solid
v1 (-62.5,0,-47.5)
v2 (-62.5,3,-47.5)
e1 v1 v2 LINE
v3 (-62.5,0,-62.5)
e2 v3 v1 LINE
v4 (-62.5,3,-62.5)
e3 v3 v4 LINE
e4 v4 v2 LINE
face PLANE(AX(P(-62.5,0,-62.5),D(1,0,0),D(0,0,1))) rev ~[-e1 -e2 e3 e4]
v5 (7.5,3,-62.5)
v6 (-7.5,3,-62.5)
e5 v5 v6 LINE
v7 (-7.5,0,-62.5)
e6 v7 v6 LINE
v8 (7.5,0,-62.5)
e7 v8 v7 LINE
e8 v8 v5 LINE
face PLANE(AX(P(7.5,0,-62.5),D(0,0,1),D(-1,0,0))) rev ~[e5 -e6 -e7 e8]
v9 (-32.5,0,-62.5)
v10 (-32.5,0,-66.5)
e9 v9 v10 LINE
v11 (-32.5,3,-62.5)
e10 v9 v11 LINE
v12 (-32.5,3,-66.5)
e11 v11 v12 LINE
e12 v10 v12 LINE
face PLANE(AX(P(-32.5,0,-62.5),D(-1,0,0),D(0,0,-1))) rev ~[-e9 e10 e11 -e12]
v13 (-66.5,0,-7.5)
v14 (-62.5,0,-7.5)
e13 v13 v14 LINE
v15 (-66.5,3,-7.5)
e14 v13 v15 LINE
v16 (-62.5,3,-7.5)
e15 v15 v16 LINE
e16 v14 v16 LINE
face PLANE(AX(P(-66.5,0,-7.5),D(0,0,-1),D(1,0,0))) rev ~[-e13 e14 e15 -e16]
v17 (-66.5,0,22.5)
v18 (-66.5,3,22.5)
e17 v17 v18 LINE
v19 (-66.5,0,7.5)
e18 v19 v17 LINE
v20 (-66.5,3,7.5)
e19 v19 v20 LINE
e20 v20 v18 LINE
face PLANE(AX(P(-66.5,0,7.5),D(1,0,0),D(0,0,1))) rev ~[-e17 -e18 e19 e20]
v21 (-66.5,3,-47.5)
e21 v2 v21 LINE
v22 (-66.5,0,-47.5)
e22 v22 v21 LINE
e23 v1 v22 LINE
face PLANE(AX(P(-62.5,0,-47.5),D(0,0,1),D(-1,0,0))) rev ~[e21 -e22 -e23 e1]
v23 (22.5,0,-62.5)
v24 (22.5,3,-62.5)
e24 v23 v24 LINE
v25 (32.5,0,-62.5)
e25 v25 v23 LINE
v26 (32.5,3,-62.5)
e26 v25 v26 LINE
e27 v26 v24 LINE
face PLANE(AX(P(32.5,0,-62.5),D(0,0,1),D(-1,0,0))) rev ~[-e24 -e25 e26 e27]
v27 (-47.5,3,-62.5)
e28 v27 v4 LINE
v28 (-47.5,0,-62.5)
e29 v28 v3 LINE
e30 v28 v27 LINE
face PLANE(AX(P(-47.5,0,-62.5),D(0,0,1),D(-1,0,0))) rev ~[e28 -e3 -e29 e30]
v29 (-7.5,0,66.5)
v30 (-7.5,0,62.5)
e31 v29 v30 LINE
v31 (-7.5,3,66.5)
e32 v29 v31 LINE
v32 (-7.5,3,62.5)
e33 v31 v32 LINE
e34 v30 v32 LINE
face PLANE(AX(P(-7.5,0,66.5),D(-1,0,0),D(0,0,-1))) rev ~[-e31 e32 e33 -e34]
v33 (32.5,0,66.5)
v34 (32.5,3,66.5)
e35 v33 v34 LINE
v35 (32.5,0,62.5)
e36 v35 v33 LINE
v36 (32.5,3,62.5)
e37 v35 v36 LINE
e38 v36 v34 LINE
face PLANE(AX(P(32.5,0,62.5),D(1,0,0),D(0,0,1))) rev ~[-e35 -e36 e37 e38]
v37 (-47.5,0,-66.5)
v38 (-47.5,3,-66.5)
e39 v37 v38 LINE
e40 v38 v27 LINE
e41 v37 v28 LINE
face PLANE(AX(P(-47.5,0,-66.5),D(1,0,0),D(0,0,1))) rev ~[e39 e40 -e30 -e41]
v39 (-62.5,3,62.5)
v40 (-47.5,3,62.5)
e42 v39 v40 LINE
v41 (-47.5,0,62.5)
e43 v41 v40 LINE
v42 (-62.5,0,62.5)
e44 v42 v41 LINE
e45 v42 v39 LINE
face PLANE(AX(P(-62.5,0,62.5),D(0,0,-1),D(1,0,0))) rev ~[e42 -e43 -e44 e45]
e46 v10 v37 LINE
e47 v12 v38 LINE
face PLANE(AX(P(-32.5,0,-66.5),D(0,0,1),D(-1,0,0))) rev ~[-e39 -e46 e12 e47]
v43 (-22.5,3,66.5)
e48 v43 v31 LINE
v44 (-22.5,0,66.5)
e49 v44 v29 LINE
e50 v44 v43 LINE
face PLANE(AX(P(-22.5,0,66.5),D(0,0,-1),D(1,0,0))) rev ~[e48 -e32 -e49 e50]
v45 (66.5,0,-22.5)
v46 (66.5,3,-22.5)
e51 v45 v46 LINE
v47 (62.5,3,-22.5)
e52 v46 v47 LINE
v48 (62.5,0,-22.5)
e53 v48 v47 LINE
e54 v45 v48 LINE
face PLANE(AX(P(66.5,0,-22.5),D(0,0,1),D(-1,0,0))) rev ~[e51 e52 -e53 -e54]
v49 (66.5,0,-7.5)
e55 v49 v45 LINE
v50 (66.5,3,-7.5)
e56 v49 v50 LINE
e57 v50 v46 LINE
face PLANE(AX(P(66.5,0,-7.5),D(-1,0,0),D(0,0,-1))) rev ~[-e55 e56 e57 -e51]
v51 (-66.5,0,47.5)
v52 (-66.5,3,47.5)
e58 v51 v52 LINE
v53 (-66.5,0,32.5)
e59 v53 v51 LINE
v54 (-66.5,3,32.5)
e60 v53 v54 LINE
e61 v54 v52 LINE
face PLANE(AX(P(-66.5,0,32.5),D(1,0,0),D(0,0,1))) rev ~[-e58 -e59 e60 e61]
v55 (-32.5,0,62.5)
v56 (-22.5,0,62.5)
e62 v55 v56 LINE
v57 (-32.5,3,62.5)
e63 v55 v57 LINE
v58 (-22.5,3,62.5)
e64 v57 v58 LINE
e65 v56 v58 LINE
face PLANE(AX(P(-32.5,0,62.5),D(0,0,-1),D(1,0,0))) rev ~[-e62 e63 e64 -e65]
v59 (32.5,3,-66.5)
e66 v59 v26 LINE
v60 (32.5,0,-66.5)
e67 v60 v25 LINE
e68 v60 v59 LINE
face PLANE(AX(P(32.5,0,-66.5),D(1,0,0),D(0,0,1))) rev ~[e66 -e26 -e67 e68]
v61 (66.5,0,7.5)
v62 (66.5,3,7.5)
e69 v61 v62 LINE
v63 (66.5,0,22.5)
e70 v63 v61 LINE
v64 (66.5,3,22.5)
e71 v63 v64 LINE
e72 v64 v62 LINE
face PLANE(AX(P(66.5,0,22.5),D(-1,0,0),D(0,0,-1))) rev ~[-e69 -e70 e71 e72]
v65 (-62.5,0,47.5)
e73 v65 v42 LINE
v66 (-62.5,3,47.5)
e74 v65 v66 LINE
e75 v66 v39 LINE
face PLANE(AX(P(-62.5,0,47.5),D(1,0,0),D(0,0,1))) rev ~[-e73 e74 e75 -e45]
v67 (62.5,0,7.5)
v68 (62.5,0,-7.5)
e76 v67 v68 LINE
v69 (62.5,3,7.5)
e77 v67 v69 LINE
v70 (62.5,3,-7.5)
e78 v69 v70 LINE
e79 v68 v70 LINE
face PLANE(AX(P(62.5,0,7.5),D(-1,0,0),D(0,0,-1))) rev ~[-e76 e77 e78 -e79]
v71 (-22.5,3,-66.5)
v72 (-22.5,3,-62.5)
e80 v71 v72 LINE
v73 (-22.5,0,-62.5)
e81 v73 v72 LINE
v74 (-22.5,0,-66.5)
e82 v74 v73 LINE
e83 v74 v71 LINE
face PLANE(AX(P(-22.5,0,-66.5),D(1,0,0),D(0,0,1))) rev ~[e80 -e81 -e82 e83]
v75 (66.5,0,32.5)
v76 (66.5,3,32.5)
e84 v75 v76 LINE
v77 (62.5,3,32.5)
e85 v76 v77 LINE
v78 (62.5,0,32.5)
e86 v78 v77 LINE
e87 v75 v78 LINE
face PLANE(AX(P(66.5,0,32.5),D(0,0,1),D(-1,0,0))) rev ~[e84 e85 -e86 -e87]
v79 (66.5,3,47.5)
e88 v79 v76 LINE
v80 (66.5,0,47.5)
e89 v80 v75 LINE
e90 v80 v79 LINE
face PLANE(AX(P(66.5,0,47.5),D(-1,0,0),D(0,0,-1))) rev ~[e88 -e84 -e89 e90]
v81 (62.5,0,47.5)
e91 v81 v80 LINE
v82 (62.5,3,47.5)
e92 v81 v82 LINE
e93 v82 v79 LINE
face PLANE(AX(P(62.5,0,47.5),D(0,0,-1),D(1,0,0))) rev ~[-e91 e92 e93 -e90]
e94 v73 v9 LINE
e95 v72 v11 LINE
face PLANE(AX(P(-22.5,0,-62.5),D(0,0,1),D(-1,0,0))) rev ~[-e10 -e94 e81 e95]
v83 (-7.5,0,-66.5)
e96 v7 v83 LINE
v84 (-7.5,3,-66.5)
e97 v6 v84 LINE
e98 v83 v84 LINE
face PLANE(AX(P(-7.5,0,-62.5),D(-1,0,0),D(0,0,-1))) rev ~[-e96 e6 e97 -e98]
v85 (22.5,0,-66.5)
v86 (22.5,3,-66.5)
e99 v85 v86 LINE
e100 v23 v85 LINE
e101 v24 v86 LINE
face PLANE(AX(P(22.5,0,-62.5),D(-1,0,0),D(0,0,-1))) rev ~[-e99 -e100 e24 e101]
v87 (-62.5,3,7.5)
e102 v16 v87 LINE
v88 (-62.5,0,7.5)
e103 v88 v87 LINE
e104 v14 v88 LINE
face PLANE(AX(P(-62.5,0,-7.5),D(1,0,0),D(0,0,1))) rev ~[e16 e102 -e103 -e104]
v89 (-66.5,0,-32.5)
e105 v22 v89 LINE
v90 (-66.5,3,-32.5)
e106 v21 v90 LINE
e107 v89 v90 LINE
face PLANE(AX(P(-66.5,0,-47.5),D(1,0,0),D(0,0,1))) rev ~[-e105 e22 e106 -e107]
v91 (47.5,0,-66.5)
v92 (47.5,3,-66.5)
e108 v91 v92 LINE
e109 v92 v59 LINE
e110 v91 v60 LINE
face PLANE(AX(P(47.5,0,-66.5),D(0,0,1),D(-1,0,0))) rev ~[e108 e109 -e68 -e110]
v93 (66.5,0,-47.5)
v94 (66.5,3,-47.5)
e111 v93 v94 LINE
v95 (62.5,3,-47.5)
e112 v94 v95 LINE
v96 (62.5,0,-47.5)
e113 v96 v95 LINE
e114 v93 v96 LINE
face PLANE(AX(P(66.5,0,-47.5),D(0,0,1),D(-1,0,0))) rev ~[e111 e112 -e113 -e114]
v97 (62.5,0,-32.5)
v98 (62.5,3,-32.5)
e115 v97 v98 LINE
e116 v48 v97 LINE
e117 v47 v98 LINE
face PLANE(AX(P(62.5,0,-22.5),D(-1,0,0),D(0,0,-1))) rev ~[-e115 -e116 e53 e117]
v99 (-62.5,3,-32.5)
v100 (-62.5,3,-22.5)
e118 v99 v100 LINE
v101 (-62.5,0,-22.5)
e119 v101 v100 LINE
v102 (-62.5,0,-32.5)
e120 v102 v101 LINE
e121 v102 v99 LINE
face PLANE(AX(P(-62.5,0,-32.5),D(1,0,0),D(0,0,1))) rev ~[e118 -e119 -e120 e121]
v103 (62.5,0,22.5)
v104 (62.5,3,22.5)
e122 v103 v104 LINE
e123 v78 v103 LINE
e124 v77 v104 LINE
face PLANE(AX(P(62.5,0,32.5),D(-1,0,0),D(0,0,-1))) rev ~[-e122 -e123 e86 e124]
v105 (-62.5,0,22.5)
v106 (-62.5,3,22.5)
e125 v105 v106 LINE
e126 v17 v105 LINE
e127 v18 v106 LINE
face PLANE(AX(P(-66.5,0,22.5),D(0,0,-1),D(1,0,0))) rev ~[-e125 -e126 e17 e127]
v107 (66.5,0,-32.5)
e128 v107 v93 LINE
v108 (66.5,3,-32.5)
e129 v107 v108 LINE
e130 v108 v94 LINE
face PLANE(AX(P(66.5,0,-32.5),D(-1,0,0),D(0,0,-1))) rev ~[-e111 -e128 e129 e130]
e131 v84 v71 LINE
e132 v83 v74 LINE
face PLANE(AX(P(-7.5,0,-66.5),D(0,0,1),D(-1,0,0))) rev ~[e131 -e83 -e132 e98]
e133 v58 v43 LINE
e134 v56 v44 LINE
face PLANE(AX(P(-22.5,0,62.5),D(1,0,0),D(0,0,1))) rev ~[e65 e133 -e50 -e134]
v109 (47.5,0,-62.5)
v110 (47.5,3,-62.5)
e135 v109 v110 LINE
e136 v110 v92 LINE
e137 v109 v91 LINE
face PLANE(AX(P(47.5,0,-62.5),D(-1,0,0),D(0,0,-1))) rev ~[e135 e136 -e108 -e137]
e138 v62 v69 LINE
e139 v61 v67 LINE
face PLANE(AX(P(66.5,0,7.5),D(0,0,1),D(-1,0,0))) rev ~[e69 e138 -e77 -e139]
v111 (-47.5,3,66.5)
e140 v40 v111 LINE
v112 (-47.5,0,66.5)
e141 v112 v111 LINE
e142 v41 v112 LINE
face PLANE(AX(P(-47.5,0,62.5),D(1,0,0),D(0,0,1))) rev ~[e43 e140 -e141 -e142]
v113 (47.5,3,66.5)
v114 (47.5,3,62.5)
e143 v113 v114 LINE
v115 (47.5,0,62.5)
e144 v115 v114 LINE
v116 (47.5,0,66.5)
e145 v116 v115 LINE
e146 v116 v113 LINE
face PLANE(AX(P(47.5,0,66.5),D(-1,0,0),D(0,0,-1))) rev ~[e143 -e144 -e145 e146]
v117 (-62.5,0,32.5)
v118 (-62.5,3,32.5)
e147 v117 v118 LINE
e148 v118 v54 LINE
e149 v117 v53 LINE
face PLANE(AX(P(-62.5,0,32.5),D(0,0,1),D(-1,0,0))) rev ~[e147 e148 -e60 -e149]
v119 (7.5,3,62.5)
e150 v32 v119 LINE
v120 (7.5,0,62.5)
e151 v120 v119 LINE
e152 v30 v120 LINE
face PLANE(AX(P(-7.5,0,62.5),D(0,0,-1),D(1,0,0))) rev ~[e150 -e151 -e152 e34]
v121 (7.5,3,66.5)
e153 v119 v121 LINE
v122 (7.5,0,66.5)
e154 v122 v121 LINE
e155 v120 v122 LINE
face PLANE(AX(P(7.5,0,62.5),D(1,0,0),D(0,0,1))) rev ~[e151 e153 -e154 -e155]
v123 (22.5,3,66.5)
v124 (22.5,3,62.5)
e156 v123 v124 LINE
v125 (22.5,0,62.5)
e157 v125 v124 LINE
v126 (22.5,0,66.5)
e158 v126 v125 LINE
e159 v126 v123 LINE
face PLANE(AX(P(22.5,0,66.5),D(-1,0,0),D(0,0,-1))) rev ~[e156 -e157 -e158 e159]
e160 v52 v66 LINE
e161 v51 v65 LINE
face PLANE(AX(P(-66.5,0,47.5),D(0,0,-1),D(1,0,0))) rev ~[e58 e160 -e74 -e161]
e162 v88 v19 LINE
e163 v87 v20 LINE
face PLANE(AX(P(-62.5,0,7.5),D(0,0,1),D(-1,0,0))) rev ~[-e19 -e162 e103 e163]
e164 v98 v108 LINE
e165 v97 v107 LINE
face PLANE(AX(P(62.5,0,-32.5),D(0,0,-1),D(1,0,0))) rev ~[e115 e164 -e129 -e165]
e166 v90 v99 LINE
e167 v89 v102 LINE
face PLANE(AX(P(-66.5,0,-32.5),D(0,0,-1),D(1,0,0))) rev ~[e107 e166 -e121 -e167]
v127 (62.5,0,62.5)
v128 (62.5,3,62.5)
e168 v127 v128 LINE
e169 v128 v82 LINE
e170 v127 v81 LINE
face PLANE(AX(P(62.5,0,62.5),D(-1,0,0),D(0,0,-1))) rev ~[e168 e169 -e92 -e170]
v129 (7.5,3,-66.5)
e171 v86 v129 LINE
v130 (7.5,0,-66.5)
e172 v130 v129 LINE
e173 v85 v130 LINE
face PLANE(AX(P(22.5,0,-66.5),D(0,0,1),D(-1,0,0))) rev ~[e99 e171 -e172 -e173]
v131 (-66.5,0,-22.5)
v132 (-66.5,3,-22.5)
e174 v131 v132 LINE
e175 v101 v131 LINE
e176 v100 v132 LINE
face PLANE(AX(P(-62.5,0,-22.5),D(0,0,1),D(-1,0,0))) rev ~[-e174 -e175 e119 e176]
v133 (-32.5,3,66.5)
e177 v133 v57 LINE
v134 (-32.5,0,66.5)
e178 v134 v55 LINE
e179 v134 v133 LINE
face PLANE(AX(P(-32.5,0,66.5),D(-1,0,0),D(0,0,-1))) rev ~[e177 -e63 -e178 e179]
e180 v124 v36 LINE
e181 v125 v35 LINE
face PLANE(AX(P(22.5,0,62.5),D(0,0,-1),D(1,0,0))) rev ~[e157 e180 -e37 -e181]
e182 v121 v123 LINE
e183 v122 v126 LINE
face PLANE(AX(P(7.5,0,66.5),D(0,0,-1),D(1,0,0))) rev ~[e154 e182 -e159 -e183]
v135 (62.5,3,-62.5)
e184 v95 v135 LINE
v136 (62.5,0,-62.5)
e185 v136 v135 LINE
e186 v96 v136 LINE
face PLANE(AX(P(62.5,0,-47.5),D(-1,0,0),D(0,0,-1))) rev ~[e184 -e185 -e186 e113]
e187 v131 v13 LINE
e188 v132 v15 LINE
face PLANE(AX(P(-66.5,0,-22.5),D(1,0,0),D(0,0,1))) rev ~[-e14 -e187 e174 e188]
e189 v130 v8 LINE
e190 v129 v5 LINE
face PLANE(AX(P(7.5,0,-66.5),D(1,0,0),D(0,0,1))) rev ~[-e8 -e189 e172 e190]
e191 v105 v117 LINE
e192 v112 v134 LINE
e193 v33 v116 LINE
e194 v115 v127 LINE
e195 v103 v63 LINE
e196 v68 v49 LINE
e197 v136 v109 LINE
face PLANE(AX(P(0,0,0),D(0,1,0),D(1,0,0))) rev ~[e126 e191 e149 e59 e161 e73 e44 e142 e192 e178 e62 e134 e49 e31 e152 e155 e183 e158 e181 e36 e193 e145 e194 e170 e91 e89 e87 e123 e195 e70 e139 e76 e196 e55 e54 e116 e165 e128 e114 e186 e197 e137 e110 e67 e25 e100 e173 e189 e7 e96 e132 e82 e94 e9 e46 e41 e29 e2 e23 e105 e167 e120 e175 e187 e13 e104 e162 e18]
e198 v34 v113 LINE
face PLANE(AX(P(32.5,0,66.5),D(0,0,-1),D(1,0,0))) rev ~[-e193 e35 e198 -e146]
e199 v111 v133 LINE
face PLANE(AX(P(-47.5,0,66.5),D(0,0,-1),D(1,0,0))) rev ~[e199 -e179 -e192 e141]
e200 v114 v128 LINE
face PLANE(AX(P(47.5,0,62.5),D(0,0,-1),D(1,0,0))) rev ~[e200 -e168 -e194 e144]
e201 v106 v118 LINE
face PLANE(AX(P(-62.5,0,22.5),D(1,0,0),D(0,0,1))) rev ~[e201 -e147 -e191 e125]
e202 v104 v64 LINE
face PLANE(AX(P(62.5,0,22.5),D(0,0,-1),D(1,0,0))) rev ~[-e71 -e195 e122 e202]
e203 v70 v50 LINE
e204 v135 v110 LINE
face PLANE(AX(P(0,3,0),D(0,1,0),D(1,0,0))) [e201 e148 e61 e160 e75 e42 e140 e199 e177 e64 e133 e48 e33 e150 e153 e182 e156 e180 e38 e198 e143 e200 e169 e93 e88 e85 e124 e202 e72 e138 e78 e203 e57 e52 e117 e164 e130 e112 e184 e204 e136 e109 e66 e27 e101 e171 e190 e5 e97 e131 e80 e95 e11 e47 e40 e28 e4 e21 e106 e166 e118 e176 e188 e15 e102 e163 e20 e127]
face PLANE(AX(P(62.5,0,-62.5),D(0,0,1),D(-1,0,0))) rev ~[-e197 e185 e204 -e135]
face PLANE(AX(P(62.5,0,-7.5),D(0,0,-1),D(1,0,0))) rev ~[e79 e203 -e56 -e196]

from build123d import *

# Parameters (mm, degrees)
BOSS_EXTRUDE1_DEPTH = 3


with BuildPart() as part:
    # Sketch1 → Boss-Extrude1 (new body)
    with BuildSketch(Plane(origin=(0, 0, 0), x_dir=(1, 0, 0), z_dir=(0, 1, 0))):
        Polygon((7.5, -62.5), (7.5, -66.5), (22.5, -66.5), (22.5, -62.5), (32.5, -62.5), (32.5, -66.5), (47.5, -66.5), (47.5, -62.5), (57.5, -62.5), (62.5, -62.5), (62.5, -59), (62.5, -47.5), (66.5, -47.5), (66.5, -32.5), (62.5, -32.5), (62.5, -22.5), (66.5, -22.5), (66.5, -7.5), (62.5, -7.5), (62.5, 7.5), (66.5, 7.5), (66.5, 22.5), (62.5, 22.5), (62.5, 32.5), (66.5, 32.5), (66.5, 47.5), (62.5, 47.5), (62.5, 59), (62.5, 62.5), (57.5, 62.5), (47.5, 62.5), (47.5, 66.5), (32.5, 66.5), (32.5, 62.5), (22.5, 62.5), (22.5, 66.5), (7.5, 66.5), (7.5, 62.5), (-7.5, 62.5), (-7.5, 66.5), (-22.5, 66.5), (-22.5, 62.5), (-32.5, 62.5), (-32.5, 66.5), (-47.5, 66.5), (-47.5, 62.5), (-59, 62.5), (-62.5, 62.5), (-62.5, 59), (-62.5, 47.5), (-66.5, 47.5), (-66.5, 32.5), (-62.5, 32.5), (-62.5, 22.5), (-66.5, 22.5), (-66.5, 7.5), (-62.5, 7.5), (-62.5, -7.5), (-66.5, -7.5), (-66.5, -22.5), (-62.5, -22.5), (-62.5, -32.5), (-66.5, -32.5), (-66.5, -47.5), (-62.5, -47.5), (-62.5, -59), (-62.5, -62.5), (-59, -62.5), (-47.5, -62.5), (-47.5, -66.5), (-32.5, -66.5), (-32.5, -62.5), (-22.5, -62.5), (-22.5, -66.5), (-7.5, -66.5), (-7.5, -62.5), align=None)
    extrude(amount=BOSS_EXTRUDE1_DEPTH)


solid = part.part
